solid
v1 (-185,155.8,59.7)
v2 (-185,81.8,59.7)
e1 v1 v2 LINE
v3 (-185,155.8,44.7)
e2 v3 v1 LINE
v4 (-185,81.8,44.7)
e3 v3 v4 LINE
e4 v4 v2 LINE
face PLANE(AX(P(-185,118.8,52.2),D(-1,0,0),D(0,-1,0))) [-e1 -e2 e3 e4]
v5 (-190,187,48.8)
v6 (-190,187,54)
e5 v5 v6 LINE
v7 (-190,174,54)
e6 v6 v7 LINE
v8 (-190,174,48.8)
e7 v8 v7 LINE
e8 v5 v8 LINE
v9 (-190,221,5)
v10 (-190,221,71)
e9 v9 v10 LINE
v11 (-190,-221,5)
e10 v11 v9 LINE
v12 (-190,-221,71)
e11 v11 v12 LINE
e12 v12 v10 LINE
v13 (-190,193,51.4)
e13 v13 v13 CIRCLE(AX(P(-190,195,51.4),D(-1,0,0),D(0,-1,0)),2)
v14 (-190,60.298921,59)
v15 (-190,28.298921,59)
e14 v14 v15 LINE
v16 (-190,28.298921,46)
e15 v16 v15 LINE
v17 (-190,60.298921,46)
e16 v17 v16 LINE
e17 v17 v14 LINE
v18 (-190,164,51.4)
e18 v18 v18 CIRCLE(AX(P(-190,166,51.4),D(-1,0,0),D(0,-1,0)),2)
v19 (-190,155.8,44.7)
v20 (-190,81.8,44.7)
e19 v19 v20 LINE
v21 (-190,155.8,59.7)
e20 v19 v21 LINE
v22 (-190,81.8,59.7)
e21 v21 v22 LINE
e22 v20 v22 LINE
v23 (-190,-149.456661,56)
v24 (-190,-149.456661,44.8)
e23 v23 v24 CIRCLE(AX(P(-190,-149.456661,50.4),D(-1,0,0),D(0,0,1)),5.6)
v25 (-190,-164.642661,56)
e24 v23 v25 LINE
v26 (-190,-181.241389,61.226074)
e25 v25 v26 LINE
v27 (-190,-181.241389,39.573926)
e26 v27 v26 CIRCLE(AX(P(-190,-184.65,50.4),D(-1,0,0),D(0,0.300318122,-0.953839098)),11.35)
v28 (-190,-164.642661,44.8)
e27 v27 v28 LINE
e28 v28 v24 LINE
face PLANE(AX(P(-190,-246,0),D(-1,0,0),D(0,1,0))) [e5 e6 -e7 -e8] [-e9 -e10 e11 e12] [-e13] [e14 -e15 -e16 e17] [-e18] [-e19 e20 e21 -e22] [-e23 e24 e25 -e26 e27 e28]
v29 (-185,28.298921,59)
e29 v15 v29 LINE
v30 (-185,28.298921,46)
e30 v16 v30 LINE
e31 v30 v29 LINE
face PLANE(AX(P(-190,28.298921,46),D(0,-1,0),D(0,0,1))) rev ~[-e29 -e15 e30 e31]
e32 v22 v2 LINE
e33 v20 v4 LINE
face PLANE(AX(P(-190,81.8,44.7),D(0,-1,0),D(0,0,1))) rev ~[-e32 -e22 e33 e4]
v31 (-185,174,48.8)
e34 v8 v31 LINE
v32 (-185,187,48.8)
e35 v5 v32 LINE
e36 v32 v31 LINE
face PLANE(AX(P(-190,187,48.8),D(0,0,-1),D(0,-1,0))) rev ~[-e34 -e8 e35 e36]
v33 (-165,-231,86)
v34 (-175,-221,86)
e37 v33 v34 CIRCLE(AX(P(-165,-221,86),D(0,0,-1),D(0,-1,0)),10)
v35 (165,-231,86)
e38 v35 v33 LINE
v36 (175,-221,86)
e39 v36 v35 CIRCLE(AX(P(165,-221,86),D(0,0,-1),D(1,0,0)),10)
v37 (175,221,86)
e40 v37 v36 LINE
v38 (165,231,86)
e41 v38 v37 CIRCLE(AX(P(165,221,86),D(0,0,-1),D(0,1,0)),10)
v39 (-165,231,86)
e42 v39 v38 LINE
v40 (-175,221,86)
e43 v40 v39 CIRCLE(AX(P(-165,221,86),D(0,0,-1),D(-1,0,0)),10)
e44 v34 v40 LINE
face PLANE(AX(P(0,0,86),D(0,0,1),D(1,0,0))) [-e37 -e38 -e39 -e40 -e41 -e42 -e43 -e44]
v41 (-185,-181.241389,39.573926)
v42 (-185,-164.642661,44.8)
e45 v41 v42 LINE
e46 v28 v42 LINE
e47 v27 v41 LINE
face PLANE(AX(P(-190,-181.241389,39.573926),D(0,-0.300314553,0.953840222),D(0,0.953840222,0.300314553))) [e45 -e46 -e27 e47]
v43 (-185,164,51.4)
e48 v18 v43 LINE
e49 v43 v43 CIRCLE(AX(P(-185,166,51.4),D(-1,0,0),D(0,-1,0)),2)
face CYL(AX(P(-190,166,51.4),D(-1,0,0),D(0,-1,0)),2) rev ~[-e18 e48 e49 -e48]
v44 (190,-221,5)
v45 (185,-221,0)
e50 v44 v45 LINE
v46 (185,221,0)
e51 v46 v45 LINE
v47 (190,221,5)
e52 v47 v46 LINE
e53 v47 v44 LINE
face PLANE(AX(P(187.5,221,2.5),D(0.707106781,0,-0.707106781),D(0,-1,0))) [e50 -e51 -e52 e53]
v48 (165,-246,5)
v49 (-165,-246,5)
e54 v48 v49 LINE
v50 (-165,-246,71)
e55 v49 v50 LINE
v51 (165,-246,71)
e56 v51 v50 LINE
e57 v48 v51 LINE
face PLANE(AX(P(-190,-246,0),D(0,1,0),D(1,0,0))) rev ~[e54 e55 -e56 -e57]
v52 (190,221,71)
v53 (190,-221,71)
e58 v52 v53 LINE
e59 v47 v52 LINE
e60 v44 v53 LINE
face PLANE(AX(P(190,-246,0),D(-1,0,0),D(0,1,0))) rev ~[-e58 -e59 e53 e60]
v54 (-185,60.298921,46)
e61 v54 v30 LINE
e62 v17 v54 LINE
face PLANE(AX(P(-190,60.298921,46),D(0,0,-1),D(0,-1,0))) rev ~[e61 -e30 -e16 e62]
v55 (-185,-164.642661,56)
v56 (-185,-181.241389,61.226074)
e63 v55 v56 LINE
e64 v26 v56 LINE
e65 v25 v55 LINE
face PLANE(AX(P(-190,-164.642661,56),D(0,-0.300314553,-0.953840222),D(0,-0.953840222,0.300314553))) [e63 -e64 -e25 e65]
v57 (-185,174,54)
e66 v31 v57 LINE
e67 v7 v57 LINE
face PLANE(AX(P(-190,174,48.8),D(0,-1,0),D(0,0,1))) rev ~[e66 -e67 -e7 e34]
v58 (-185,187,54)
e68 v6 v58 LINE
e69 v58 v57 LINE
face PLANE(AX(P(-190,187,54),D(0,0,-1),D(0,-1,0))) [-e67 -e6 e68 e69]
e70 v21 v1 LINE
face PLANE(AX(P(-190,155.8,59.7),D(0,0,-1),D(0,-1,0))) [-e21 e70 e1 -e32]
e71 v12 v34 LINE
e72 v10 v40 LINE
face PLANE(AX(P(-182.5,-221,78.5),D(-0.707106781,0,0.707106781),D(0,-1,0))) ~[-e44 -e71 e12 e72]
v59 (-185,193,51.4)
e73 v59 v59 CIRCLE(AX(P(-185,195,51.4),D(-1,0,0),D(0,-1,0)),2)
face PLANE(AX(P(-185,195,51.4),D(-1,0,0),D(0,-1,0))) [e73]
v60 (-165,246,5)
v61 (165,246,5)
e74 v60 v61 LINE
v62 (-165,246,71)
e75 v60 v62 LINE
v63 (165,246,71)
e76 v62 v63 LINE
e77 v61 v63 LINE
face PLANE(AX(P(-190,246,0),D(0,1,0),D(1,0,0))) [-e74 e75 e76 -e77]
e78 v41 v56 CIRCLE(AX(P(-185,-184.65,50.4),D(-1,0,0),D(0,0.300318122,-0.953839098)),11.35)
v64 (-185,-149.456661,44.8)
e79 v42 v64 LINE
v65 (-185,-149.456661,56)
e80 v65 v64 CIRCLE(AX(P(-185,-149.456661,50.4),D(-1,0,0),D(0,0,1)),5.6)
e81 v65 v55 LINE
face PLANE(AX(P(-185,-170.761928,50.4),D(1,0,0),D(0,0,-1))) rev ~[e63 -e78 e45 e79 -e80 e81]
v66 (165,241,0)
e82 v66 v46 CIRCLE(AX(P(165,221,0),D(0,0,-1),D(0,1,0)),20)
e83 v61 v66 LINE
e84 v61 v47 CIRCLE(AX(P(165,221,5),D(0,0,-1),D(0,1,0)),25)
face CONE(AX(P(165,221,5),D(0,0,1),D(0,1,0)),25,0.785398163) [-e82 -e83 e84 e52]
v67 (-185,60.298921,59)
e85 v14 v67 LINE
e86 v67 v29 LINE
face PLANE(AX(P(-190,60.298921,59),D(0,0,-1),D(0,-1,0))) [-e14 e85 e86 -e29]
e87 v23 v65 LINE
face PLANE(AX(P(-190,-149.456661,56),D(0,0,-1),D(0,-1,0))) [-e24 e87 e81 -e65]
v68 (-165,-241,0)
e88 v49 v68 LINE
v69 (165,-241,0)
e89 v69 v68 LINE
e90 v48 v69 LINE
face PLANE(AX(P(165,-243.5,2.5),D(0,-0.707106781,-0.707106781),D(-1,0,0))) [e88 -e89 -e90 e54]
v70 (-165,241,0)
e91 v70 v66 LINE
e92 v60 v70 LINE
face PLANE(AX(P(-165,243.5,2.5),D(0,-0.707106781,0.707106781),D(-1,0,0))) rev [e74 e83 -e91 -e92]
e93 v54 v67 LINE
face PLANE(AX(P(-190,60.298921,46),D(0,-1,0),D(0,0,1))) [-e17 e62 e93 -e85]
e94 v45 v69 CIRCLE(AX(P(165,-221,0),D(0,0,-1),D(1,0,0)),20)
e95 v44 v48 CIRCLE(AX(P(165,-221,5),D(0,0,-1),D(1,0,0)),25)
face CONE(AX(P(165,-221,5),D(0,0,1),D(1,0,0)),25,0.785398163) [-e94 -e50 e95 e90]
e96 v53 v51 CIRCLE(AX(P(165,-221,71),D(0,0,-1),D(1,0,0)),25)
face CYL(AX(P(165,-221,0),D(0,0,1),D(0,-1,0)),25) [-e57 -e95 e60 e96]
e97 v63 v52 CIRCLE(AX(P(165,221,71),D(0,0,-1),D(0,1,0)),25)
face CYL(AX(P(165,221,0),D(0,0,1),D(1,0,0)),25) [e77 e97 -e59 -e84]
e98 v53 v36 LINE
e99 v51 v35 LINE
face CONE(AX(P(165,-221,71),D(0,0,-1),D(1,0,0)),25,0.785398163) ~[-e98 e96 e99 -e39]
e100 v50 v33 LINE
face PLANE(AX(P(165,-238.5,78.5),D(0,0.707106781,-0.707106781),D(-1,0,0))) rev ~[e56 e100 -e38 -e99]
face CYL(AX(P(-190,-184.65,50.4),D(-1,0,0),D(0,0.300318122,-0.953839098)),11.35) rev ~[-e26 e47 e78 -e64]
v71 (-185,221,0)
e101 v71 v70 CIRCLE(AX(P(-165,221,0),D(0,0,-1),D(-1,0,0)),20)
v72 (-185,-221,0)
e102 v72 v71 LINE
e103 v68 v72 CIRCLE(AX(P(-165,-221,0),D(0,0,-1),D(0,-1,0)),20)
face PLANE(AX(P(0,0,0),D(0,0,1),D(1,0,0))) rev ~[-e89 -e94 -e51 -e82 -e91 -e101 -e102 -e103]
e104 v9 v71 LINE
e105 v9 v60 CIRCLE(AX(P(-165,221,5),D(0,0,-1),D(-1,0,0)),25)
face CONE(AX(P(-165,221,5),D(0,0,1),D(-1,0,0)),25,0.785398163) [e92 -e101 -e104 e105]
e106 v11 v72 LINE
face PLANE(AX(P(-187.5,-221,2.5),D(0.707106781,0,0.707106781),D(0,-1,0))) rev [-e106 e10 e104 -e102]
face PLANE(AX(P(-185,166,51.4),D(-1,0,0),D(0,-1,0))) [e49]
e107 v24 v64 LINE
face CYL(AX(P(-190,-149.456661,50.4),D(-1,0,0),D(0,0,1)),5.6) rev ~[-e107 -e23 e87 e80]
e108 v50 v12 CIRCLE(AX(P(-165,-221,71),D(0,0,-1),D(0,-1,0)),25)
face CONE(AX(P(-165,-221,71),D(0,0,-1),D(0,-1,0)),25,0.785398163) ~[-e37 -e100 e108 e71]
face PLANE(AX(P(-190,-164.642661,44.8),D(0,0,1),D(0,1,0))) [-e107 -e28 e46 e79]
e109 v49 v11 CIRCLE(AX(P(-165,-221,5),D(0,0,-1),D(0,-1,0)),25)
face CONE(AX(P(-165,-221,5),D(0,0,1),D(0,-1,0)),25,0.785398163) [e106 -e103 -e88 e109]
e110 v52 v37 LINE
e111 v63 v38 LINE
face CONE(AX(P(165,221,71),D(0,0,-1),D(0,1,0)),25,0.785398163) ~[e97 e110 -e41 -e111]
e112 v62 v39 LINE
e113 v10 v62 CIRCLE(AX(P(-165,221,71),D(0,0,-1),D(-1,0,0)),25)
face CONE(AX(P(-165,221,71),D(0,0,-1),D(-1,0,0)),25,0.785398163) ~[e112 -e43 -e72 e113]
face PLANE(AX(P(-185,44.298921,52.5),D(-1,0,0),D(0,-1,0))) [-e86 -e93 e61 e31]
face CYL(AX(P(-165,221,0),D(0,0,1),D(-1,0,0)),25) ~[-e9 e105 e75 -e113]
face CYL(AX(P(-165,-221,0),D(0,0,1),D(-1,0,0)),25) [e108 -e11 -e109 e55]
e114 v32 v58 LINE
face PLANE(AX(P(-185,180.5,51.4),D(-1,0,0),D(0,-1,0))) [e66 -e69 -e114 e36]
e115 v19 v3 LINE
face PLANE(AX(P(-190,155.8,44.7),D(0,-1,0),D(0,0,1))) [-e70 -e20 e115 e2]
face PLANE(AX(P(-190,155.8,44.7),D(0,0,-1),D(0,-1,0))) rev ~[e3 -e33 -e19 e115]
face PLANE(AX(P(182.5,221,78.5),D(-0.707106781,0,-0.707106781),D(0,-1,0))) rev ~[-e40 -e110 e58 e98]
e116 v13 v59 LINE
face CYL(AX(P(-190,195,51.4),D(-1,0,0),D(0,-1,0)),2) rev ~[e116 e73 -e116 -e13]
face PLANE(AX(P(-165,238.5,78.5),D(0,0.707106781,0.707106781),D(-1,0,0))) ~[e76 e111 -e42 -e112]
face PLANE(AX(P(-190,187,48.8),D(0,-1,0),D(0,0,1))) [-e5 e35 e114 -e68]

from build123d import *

# Parameters (mm, degrees)
SKETCH_W        = 380
SKETCH_H        = 492
PAD_DEPTH       = 86
FILLET_R        = 25
CHAMFER_SIZE    = 15
CHAMFER001_SIZE = 5
SKETCH001_R     = 2
SKETCH001_W     = 13
SKETCH001_H     = 5.2
SKETCH001_W_2   = 74
SKETCH001_H_2   = 15
SKETCH001_W_3   = 32
SKETCH001_H_3   = 13
POCKET_DEPTH    = 5
POCKET001_DEPTH = 5


with BuildPart() as part:
    # Sketch → Pad (new body)
    with BuildSketch(Plane.XY):
        Rectangle(SKETCH_W, SKETCH_H)
    extrude(amount=PAD_DEPTH)

    # Fillet
    fillet_edges = [part.edges().sort_by_distance(p)[0] for p in [
        (190, -246, 43),
        (-190, -246, 43),
        (-190, 246, 43),
        (190, 246, 43),
    ]]
    fillet(fillet_edges, radius=FILLET_R)

    # Chamfer
    chamfer_edges = [part.edges().sort_by_distance(p)[0] for p in [
        (-190, 0, 86),
    ]]
    chamfer(chamfer_edges, length=CHAMFER_SIZE)

    # Chamfer001
    chamfer001_edges = [part.edges().sort_by_distance(p)[0] for p in [
        (-190, 0, 0),
    ]]
    chamfer(chamfer001_edges, length=CHAMFER001_SIZE)

    # Sketch001 (on Face8 of Chamfer001) → Pocket (cut)
    with BuildSketch(Plane(origin=(-190, 0, 0), x_dir=(0, -1, 0), z_dir=(-1, 0, 0))):
        with Locations((-195, 51.4)):
            Circle(SKETCH001_R)
        with Locations((-166, 51.4)):
            Circle(SKETCH001_R)
        with Locations((-180.5, 51.4)):
            Rectangle(SKETCH001_W, SKETCH001_H)
        with Locations((-118.8, 52.2)):
            Rectangle(SKETCH001_W_2, SKETCH001_H_2)
        with Locations((-44.298921, 52.5)):
            Rectangle(SKETCH001_W_3, SKETCH001_H_3)
    extrude(amount=-POCKET_DEPTH, mode=Mode.SUBTRACT)

    # Sketch002 (on Face8 of Chamfer001) → Pocket001 (cut)
    with BuildSketch(Plane.ZY.offset(190)):
        with BuildLine():
            Line((56, -164.642661), (61.226074, -181.241389))
            ThreePointArc((39.573926, -181.241389), (50.4, -196), (61.226074, -181.241389))
            Line((39.573926, -181.241389), (44.8, -164.642661))
            Line((44.8, -164.642661), (44.8, -149.456661))
            ThreePointArc((56, -149.456661), (50.4, -143.856661), (44.8, -149.456661))
            Line((56, -149.456661), (56, -164.642661))
        make_face()
    extrude(amount=-POCKET001_DEPTH, mode=Mode.SUBTRACT)


solid = part.part
